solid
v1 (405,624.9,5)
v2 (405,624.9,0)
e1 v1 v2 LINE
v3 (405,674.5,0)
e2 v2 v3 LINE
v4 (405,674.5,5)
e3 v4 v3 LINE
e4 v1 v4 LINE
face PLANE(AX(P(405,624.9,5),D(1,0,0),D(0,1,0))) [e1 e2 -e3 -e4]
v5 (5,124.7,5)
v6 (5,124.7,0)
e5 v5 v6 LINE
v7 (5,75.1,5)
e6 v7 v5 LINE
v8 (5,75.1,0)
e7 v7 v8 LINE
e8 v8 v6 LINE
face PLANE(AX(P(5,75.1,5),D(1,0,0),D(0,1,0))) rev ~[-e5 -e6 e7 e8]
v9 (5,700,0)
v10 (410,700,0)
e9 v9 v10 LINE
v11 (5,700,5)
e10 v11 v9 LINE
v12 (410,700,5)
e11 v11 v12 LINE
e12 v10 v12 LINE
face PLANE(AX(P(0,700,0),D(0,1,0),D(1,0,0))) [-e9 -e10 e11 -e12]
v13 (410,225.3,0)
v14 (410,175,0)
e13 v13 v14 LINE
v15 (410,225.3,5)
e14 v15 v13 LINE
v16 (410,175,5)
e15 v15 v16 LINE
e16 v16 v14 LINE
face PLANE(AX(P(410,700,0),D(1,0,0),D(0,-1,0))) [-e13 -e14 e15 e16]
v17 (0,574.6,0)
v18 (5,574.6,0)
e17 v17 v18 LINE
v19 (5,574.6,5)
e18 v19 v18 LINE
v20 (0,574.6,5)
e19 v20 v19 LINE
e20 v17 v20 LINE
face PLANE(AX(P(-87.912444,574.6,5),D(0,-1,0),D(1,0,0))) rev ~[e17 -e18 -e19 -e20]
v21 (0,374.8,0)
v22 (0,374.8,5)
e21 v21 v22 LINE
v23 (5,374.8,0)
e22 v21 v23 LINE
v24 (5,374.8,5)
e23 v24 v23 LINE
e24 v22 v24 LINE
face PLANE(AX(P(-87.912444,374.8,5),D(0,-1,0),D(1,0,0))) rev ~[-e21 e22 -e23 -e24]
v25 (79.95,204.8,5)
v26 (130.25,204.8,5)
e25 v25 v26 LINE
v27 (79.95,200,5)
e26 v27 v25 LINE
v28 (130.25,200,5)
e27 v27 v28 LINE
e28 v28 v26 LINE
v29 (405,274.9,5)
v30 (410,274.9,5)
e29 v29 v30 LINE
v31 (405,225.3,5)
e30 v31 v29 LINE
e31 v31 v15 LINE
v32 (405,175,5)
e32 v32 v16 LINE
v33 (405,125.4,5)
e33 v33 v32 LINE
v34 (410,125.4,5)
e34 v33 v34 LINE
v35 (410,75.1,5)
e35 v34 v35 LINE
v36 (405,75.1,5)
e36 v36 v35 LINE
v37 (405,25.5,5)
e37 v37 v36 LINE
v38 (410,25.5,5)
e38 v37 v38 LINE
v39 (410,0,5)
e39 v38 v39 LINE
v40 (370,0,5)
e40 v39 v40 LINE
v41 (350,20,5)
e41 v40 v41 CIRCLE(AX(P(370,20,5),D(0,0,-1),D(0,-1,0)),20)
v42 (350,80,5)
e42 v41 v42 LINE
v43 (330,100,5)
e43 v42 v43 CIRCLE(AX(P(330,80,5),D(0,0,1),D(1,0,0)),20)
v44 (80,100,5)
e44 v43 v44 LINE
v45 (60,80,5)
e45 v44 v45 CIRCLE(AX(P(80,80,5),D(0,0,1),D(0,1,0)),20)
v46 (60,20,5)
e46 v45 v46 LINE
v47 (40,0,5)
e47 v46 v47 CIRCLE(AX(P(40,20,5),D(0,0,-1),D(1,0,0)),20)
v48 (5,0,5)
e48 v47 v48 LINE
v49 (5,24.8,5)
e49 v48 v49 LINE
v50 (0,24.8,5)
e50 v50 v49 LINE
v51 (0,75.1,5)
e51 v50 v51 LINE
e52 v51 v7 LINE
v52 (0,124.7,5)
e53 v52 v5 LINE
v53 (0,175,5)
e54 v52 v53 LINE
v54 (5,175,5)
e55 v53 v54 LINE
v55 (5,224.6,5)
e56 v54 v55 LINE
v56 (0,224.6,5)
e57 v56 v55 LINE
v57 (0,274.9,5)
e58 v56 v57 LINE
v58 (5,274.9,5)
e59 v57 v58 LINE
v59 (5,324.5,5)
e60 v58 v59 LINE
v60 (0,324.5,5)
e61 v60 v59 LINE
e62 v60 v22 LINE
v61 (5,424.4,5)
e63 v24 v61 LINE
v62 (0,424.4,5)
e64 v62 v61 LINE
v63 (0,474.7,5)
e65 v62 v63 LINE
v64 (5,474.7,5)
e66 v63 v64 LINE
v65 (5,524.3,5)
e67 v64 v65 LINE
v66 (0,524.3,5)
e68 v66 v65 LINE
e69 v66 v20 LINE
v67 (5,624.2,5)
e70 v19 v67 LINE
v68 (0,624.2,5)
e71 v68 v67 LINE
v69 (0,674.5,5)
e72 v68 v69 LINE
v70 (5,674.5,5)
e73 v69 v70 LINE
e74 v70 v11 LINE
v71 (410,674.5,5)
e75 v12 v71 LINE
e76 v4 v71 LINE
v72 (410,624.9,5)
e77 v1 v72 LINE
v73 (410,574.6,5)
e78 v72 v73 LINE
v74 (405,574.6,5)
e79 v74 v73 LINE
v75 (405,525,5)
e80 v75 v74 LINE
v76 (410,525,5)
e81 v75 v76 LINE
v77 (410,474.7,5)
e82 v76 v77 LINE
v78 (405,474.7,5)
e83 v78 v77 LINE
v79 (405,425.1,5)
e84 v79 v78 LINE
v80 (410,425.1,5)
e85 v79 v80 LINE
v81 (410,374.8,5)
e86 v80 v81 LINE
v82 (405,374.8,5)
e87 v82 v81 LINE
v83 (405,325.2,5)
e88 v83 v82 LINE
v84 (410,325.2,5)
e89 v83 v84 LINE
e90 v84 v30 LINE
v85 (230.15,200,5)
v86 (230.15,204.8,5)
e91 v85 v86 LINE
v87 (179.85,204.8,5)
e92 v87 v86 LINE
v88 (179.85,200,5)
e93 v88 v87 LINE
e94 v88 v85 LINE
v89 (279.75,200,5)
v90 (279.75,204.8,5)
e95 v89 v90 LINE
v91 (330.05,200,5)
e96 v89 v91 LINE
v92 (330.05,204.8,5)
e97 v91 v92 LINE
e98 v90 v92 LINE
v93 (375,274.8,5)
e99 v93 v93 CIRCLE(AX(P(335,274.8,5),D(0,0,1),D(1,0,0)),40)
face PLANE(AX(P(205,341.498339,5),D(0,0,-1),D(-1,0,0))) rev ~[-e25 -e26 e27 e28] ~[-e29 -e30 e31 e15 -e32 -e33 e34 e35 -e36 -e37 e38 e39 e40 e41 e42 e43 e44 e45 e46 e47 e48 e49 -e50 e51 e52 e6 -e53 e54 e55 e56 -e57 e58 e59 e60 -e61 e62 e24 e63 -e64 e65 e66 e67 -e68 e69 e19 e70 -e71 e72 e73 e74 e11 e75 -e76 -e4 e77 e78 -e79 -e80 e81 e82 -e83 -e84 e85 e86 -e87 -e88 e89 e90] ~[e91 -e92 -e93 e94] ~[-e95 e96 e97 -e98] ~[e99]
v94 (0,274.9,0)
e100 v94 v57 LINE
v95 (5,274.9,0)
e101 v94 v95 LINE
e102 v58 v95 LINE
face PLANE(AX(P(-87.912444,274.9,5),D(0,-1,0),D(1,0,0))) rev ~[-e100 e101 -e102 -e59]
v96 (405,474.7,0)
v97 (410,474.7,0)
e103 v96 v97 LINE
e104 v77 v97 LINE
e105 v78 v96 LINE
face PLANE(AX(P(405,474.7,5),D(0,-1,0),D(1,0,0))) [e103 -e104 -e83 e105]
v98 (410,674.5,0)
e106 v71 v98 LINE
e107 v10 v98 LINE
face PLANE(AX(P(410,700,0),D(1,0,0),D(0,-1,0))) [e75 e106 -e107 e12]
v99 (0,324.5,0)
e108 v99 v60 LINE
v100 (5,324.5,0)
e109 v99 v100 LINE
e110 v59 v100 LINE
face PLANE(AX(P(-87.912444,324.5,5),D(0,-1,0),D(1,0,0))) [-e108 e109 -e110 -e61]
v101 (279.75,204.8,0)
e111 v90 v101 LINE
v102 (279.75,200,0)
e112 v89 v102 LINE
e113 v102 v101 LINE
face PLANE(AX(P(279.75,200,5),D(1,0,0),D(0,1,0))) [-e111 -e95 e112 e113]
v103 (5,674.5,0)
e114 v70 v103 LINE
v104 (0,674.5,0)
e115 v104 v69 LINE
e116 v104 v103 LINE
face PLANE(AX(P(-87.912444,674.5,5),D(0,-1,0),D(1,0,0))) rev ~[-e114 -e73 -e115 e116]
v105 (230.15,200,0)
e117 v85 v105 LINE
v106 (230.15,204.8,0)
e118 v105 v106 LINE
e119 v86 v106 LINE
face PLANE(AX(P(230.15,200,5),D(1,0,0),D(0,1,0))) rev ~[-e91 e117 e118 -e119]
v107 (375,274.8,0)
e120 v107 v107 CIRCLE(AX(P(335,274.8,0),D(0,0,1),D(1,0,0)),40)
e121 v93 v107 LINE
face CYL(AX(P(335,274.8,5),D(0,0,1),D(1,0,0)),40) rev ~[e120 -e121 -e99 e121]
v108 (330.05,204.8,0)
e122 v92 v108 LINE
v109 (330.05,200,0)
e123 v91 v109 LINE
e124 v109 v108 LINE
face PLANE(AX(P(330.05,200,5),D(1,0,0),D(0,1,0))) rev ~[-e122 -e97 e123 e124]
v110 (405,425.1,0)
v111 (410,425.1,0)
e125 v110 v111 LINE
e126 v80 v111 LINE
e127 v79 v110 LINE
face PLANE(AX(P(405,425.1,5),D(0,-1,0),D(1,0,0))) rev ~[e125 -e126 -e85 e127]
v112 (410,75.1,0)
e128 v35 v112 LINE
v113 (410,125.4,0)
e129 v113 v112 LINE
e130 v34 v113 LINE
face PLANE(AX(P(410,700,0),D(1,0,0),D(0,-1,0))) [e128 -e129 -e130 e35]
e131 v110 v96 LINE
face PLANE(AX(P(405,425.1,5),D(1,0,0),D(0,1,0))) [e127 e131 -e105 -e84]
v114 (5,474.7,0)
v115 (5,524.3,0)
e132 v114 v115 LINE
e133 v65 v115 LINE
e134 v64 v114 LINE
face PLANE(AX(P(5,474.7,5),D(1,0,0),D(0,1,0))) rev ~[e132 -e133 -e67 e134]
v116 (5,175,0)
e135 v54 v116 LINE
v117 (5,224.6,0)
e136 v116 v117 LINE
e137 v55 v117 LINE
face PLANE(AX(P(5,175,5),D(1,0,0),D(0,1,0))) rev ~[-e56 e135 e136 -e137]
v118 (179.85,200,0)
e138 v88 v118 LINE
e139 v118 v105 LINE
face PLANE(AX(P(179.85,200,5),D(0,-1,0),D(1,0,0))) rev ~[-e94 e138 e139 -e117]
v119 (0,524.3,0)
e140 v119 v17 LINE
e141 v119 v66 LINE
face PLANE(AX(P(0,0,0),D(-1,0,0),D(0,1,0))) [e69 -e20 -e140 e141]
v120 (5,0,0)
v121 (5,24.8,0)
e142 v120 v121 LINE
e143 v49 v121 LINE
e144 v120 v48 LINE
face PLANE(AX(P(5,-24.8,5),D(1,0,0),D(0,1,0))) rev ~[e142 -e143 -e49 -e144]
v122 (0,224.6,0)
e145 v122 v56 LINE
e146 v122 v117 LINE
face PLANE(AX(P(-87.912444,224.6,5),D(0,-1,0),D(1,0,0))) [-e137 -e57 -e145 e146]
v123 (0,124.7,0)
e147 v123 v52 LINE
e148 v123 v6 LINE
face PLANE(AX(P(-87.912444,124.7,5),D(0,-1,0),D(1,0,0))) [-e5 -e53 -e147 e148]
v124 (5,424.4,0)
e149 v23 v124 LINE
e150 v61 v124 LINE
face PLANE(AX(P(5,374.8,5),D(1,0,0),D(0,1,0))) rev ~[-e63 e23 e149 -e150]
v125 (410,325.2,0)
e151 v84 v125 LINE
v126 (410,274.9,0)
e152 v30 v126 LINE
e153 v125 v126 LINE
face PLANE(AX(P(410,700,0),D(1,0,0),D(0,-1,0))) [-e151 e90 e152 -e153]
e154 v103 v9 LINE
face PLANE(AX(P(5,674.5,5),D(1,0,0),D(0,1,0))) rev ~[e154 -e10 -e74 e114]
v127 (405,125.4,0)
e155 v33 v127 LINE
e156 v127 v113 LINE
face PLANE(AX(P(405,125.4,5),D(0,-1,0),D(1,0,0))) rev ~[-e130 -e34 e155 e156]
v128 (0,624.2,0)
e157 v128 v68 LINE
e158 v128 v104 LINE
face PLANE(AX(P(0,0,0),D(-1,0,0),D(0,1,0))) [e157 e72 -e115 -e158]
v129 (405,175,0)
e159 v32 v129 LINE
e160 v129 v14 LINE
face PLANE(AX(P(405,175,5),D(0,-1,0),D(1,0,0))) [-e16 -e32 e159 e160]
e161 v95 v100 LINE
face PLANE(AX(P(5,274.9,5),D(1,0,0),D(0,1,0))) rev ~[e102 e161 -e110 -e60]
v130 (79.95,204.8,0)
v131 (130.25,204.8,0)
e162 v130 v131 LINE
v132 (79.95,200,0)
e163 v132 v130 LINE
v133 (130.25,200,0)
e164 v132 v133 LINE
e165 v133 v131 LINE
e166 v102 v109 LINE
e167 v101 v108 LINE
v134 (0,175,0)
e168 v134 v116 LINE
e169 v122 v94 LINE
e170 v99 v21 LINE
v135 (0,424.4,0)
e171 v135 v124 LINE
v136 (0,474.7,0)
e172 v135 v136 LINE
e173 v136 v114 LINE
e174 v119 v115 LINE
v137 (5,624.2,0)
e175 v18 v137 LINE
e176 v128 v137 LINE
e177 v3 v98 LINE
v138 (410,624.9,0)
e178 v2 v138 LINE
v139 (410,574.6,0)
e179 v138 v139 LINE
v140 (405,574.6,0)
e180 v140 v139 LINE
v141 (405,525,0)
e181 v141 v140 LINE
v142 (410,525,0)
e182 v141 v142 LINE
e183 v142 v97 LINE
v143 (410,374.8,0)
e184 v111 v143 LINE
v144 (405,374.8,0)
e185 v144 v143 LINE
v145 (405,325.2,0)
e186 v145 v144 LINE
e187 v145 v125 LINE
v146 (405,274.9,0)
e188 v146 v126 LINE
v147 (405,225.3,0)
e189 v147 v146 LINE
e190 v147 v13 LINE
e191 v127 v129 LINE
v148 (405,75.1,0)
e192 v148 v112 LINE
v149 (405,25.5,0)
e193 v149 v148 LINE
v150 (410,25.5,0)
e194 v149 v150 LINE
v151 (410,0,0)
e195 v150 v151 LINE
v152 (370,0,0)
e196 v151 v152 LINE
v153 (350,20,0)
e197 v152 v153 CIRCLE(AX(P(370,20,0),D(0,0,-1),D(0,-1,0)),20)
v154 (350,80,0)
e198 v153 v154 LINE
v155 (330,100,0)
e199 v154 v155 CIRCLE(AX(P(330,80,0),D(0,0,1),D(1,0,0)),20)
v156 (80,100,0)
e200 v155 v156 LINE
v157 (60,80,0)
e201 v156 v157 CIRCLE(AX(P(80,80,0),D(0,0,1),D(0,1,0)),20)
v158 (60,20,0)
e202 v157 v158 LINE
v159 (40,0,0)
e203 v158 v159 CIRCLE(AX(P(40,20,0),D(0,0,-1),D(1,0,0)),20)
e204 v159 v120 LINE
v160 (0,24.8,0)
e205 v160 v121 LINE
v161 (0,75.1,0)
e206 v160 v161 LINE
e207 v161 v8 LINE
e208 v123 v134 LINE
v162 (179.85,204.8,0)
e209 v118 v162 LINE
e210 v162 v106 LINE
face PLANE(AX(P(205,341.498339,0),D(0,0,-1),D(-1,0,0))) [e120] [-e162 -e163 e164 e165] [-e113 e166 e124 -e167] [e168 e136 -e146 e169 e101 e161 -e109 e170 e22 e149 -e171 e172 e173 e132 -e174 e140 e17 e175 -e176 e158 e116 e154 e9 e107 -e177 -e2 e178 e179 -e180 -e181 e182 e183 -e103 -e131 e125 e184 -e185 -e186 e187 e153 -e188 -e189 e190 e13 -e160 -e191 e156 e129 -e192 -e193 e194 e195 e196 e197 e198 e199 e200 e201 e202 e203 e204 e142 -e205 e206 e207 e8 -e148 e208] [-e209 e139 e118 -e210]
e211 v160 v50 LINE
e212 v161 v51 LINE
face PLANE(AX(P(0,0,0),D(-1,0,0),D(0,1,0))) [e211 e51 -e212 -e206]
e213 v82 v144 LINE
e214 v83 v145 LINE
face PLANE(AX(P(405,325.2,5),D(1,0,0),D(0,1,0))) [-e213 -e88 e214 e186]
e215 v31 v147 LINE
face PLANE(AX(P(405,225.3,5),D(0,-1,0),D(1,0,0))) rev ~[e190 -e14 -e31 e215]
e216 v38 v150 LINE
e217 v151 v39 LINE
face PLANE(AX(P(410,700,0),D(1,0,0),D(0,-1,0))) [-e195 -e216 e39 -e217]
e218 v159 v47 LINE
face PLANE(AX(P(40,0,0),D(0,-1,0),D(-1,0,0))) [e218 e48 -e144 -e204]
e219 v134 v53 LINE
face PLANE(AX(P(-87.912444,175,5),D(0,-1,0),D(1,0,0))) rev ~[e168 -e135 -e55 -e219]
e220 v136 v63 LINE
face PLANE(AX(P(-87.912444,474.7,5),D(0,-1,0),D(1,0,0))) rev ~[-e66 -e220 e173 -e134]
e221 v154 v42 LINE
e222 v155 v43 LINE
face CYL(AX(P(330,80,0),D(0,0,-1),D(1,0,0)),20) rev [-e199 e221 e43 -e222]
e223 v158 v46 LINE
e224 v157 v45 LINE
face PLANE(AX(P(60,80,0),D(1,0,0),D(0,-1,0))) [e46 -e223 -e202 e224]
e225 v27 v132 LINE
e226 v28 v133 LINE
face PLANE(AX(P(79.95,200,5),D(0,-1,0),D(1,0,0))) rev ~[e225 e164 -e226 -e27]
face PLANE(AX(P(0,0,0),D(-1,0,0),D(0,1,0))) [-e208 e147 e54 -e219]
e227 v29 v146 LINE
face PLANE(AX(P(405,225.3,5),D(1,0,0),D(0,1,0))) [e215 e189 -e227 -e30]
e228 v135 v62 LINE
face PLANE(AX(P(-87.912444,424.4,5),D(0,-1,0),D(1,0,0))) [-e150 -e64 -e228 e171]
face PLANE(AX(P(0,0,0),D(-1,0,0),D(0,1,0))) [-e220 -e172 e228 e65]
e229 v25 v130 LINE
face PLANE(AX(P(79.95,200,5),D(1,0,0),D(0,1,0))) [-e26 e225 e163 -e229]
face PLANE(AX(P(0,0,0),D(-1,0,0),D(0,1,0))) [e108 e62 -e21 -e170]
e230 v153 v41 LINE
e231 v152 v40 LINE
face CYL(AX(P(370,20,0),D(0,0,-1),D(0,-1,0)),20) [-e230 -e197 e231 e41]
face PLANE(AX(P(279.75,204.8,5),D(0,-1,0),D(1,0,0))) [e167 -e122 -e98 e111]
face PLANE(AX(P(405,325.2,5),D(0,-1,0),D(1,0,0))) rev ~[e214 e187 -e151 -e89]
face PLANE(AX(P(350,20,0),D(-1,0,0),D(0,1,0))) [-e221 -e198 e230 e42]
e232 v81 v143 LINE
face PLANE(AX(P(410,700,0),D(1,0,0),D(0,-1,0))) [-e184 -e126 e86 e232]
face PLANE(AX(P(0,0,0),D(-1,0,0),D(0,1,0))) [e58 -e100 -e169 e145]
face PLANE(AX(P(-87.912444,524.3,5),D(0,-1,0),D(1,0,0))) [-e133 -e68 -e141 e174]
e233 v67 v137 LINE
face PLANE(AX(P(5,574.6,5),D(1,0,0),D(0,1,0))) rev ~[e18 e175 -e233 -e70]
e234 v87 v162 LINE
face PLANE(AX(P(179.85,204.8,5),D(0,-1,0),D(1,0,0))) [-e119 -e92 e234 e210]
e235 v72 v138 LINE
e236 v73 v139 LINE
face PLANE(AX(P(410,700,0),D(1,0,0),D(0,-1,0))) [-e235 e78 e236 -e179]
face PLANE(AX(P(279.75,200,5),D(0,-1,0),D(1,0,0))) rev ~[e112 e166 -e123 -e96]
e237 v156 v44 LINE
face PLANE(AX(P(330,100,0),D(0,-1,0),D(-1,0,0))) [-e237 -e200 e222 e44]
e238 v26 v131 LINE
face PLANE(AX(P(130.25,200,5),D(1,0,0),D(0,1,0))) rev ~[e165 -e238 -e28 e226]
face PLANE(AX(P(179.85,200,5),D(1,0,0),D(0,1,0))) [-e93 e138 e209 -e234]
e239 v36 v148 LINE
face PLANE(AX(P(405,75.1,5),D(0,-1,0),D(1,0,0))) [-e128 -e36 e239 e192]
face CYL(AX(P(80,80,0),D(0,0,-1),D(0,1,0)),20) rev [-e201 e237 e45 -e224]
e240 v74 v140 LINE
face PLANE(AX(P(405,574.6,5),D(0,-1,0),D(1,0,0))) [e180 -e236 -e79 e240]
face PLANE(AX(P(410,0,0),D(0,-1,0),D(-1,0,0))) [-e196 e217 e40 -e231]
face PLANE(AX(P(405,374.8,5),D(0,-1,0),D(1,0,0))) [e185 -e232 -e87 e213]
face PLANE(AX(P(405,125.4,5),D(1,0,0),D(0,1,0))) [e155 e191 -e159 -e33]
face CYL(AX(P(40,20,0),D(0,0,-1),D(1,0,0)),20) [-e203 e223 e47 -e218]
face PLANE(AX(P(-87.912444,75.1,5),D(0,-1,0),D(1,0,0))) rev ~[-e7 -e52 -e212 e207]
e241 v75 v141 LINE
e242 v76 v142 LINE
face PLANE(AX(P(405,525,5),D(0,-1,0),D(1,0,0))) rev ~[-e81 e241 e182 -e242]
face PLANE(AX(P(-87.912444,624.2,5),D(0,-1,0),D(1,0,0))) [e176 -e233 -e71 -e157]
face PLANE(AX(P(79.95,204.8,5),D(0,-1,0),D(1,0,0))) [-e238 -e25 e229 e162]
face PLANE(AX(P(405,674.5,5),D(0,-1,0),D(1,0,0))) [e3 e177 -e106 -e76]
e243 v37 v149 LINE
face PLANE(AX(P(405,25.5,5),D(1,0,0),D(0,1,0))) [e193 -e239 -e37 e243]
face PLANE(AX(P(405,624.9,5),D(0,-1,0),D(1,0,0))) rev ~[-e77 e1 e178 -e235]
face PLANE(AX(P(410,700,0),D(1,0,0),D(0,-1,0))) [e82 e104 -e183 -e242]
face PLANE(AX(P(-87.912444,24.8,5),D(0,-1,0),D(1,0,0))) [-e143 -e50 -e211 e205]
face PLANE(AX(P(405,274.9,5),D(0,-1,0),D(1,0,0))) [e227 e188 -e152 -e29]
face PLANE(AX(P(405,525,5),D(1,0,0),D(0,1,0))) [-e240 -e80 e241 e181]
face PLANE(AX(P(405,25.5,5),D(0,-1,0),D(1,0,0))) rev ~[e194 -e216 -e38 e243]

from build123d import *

# Parameters (mm, degrees)
AUFSATZ_LINEAR_AUSTRAGEN1_DEPTH = 5
SKIZZE2_W                       = 50.3
SKIZZE2_H                       = 4.8
SCHNITT_LINEAR_AUSTRAGEN1_DEPTH = 5
LINEARES_MUSTER1_COUNT          = 3
LINEARES_MUSTER1_PITCH          = 99.9
SKIZZE3_W                       = 92.912444059
SKIZZE3_H                       = 49.6
SCHNITT_LINEAR_AUSTRAGEN2_DEPTH = 5
LINEARES_MUSTER2_COUNT          = 8
LINEARES_MUSTER2_PITCH          = 99.9
SKIZZE4_W                       = 86.468004991
SKIZZE4_H                       = 49.6
SCHNITT_LINEAR_AUSTRAGEN4_DEPTH = 5
LINEARES_MUSTER3_COUNT          = 7
LINEARES_MUSTER3_PITCH          = 99.9
SKIZZE8_R                       = 40
SCHNITT_LINEAR_AUSTRAGEN5_DEPTH = 10


with BuildPart() as part:
    # Skizze1 → Aufsatz-Linear austragen1 (new body)
    with BuildSketch(Plane.XY):
        with BuildLine():
            Line((0, 0), (0, 700))
            Line((0, 700), (410, 700))
            Line((410, 700), (410, 0))
            Line((410, 0), (370, 0))
            ThreePointArc((370, 0), (355.857864376, 5.857864376), (350, 20))
            Line((350, 20), (350, 80))
            ThreePointArc((350, 80), (344.142135624, 94.142135624), (330, 100))
            Line((330, 100), (80, 100))
            ThreePointArc((80, 100), (65.857864376, 94.142135624), (60, 80))
            Line((60, 80), (60, 20))
            ThreePointArc((60, 20), (54.142135624, 5.857864376), (40, 0))
            Line((40, 0), (0, 0))
        make_face()
    extrude(amount=AUFSATZ_LINEAR_AUSTRAGEN1_DEPTH)

    # Skizze2 → Schnitt-Linear austragen1 (cut)
    with BuildSketch(Plane.XY.offset(5)):
        with Locations((105.1, 202.4)):
            Rectangle(SKIZZE2_W, SKIZZE2_H)
    schnitt_linear_austragen1 = extrude(amount=-SCHNITT_LINEAR_AUSTRAGEN1_DEPTH, mode=Mode.SUBTRACT)

    # Lineares Muster1: Schnitt-Linear austragen1 ×3
    with Locations(*[(i * LINEARES_MUSTER1_PITCH, 0, 0) for i in range(1, LINEARES_MUSTER1_COUNT)]):
        add(schnitt_linear_austragen1, mode=Mode.SUBTRACT)

    # Skizze3 → Schnitt-Linear austragen2 (cut)
    with BuildSketch(Plane.XY.offset(5)):
        with Locations((-41.45622203, 699.3)):
            Rectangle(SKIZZE3_W, SKIZZE3_H)
    schnitt_linear_austragen2 = extrude(amount=-SCHNITT_LINEAR_AUSTRAGEN2_DEPTH, mode=Mode.SUBTRACT)

    # Lineares Muster2: Schnitt-Linear austragen2 ×8
    with Locations(*[(0, -i * LINEARES_MUSTER2_PITCH, 0) for i in range(1, LINEARES_MUSTER2_COUNT)]):
        add(schnitt_linear_austragen2, mode=Mode.SUBTRACT)

    # Skizze4 → Schnitt-Linear austragen4 (cut)
    with BuildSketch(Plane.XY.offset(5)):
        with Locations((448.234002496, 649.7)):
            Rectangle(SKIZZE4_W, SKIZZE4_H)
    schnitt_linear_austragen4 = extrude(amount=-SCHNITT_LINEAR_AUSTRAGEN4_DEPTH, mode=Mode.SUBTRACT)

    # Lineares Muster3: Schnitt-Linear austragen4 ×7
    with Locations(*[(0, -i * LINEARES_MUSTER3_PITCH, 0) for i in range(1, LINEARES_MUSTER3_COUNT)]):
        add(schnitt_linear_austragen4, mode=Mode.SUBTRACT)

    # Skizze8 → Schnitt-Linear austragen5 (cut)
    with BuildSketch(Plane.XY.offset(5)):
        with Locations((335, 274.8)):
            Circle(SKIZZE8_R)
    extrude(amount=-SCHNITT_LINEAR_AUSTRAGEN5_DEPTH, mode=Mode.SUBTRACT)


solid = part.part
